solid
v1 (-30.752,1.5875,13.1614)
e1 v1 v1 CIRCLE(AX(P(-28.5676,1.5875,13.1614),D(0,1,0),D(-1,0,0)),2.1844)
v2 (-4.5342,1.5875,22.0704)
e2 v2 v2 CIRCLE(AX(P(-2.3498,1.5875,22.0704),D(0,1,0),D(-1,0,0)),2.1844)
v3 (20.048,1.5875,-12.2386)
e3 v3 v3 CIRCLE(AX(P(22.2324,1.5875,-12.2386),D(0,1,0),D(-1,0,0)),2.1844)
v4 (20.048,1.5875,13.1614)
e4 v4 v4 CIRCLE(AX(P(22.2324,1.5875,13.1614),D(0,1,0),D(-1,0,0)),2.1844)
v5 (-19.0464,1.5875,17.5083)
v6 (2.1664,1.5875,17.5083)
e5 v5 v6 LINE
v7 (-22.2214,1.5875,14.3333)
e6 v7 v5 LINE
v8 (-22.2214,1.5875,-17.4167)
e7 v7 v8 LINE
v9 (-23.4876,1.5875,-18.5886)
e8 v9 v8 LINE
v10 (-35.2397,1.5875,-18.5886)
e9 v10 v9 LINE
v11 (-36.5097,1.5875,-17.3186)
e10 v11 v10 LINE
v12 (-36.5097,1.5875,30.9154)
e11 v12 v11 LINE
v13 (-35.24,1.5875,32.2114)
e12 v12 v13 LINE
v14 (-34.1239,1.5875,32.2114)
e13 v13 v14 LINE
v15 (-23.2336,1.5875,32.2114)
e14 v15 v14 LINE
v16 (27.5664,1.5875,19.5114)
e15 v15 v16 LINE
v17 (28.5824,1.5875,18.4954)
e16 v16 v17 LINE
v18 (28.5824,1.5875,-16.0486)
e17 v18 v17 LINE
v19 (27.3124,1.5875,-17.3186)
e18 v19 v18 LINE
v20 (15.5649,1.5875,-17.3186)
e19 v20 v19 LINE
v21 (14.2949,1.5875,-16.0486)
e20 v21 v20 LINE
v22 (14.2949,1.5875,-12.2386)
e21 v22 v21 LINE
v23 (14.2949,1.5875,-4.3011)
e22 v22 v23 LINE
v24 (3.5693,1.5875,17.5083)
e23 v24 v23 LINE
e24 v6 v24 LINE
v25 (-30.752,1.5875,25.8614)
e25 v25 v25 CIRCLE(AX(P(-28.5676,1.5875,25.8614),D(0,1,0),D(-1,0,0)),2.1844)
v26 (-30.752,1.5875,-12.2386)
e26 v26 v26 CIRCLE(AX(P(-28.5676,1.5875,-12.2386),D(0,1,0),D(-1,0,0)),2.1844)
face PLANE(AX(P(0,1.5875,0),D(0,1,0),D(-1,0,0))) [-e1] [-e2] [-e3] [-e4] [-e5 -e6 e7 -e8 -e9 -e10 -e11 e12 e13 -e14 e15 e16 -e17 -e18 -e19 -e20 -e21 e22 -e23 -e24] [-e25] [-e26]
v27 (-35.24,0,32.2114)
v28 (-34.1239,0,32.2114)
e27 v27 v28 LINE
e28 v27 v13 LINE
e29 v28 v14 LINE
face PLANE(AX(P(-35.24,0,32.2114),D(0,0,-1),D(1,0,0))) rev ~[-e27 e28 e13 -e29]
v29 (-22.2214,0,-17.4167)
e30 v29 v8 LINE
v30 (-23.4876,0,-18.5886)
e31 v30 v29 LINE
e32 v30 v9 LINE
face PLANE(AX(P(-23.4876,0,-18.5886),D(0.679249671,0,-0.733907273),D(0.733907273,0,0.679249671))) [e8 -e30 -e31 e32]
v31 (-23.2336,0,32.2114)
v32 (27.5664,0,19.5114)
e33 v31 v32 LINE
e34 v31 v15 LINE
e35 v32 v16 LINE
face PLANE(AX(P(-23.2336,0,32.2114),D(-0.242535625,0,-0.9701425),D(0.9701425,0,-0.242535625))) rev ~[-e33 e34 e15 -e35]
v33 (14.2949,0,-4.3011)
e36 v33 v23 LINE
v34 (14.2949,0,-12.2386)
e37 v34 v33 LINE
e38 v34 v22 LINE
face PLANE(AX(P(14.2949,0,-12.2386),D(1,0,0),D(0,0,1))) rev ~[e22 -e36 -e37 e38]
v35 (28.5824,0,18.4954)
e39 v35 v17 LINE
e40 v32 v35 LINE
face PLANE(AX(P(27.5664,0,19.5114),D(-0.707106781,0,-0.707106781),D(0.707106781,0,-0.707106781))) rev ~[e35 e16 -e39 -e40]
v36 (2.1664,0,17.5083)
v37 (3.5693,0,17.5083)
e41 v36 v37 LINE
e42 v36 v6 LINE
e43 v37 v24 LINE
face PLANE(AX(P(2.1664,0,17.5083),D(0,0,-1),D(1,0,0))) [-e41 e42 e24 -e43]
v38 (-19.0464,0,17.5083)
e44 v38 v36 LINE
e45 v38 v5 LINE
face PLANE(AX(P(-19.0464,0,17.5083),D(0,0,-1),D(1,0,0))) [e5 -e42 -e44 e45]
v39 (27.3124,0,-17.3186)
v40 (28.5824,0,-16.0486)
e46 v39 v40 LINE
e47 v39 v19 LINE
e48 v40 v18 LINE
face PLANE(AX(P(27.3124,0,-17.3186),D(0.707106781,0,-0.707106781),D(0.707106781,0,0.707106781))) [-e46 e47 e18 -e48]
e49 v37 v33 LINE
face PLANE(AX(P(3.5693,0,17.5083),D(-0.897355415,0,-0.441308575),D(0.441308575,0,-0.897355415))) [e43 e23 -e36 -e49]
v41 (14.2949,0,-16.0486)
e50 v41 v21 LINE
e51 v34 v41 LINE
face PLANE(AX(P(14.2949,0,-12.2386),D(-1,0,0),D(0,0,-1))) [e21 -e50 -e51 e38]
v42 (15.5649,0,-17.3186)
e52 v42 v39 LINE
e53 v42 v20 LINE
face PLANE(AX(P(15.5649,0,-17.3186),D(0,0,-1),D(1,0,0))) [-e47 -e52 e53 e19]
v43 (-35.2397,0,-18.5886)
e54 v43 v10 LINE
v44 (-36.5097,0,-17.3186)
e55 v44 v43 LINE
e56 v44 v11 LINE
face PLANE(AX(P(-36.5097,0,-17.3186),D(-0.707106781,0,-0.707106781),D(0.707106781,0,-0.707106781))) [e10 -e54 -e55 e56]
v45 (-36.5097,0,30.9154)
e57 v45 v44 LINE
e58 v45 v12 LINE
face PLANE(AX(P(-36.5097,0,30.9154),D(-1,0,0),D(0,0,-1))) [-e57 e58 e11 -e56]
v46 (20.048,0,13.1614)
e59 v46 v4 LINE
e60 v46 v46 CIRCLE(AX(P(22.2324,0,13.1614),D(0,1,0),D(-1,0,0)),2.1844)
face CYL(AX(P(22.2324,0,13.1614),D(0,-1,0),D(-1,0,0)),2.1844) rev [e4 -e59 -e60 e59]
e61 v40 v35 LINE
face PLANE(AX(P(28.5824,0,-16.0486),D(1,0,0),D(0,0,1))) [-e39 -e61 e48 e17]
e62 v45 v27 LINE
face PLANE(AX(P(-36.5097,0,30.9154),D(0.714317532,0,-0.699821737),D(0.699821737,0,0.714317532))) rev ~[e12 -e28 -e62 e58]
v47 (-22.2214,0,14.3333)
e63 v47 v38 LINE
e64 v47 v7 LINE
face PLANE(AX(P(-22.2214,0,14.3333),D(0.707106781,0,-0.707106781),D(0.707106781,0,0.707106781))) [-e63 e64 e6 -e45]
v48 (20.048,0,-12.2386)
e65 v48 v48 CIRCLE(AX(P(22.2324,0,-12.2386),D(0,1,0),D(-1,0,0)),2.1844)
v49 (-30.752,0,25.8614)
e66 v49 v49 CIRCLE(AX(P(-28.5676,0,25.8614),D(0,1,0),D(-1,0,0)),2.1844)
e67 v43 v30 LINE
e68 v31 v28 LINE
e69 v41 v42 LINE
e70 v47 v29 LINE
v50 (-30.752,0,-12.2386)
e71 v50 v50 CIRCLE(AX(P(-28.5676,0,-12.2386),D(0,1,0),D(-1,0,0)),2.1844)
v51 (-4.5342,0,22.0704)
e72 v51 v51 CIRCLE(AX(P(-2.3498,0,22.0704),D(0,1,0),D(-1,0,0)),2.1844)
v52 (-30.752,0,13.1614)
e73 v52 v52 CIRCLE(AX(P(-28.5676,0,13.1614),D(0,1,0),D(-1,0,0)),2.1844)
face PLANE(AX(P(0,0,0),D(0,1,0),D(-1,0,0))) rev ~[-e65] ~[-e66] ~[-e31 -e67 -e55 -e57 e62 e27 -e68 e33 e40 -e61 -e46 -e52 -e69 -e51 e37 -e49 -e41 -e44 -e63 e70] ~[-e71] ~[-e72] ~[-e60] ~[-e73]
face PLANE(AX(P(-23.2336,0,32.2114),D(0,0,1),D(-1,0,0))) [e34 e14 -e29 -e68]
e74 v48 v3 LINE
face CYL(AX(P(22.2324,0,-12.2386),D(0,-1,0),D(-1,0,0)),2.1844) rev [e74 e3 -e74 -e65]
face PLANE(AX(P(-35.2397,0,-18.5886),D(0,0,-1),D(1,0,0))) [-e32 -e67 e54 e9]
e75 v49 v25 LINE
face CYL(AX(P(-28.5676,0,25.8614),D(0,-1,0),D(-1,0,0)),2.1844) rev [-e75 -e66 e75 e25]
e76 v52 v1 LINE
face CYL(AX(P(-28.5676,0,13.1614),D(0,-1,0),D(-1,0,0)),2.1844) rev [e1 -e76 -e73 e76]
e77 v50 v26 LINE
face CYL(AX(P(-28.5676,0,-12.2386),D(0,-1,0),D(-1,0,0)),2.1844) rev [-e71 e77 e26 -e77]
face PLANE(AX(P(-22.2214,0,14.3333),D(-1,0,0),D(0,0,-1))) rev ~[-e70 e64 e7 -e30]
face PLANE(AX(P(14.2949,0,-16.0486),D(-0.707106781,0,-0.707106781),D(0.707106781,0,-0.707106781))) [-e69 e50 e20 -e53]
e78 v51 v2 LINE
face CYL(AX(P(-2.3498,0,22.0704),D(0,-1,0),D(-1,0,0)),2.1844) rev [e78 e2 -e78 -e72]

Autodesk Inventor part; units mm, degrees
ref_plane "YZ Plane" through (0, 0, 0) normal (1, 0, 0) x (0, 1, 0)
ref_plane "XZ Plane" through (0, 0, 0) normal (0, 1, 0) x (-1, 0, 0)
ref_plane "XY Plane" through (0, 0, 0) normal (0, 0, 1) x (1, 0, 0)
sketch "Sketch1" plane through (0, 0, 0) normal (0, 1, 0) x (-1, 0, 0)
  circle A0 centre (28.5676, 25.8614) radius 2.1844
  circle A1 centre (28.5676, -12.2386) radius 2.1844
  circle A2 centre (28.5676, 13.1614) radius 2.1844
  circle A3 centre (-22.2324, -12.2386) radius 2.1844
  circle A4 centre (-22.2324, 13.1614) radius 2.1844
  line L0 (23.2336, 32.2114) -> (-27.5664, 19.5114)
  line L1 (-27.5664, 19.5114) -> (-28.5824, 18.4954)
  line L2 (23.2336, 32.2114) -> (34.1239, 32.2114)
  line L3 (35.2397, -18.5886) -> (23.4876, -18.5886)
  line L4 (36.5097, 30.9154) -> (36.5097, -17.3186)
  line L5 (22.2214, 14.3333) -> (22.2214, -17.4167)
  line L6 (19.0464, 17.5083) -> (-2.1664, 17.5083)
  line L7 (-14.2949, -16.0486) -> (-15.5649, -17.3186)
  line L8 (-27.3124, -17.3186) -> (-28.5824, -16.0486)
  line L9 (22.2214, 14.3333) -> (19.0464, 17.5083)
  line L10 (36.5097, 30.9154) -> (35.24, 32.2114)
  line L11 (36.5097, -17.3186) -> (35.2397, -18.5886)
  line L12 (23.4876, -18.5886) -> (22.2214, -17.4167)
  line L13 (35.24, 32.2114) -> (34.1239, 32.2114)
  line L14 (-15.5649, -17.3186) -> (-27.3124, -17.3186)
  line L15 (-28.5824, -16.0486) -> (-28.5824, 18.4954)
  line L16 (-14.2949, -12.2386) -> (-14.2949, -16.0486)
  line L17 (-14.2949, -12.2386) -> (-14.2949, -4.3011)
  line L18 (-3.5693, 17.5083) -> (-14.2949, -4.3011)
  line L19 (-2.1664, 17.5083) -> (-3.5693, 17.5083)
  circle A5 centre (2.3498, 22.0704) radius 2.1844
  point P0 (0, 0)
  point P1 (36.5051, 32.2114)
  dimension "d0" = 31.75
  dimension "d6" = 4.3688
extrude "Extrusion1" add sketch "Sketch1" along normal blind 1.5875
properties part number "backFunnel"
